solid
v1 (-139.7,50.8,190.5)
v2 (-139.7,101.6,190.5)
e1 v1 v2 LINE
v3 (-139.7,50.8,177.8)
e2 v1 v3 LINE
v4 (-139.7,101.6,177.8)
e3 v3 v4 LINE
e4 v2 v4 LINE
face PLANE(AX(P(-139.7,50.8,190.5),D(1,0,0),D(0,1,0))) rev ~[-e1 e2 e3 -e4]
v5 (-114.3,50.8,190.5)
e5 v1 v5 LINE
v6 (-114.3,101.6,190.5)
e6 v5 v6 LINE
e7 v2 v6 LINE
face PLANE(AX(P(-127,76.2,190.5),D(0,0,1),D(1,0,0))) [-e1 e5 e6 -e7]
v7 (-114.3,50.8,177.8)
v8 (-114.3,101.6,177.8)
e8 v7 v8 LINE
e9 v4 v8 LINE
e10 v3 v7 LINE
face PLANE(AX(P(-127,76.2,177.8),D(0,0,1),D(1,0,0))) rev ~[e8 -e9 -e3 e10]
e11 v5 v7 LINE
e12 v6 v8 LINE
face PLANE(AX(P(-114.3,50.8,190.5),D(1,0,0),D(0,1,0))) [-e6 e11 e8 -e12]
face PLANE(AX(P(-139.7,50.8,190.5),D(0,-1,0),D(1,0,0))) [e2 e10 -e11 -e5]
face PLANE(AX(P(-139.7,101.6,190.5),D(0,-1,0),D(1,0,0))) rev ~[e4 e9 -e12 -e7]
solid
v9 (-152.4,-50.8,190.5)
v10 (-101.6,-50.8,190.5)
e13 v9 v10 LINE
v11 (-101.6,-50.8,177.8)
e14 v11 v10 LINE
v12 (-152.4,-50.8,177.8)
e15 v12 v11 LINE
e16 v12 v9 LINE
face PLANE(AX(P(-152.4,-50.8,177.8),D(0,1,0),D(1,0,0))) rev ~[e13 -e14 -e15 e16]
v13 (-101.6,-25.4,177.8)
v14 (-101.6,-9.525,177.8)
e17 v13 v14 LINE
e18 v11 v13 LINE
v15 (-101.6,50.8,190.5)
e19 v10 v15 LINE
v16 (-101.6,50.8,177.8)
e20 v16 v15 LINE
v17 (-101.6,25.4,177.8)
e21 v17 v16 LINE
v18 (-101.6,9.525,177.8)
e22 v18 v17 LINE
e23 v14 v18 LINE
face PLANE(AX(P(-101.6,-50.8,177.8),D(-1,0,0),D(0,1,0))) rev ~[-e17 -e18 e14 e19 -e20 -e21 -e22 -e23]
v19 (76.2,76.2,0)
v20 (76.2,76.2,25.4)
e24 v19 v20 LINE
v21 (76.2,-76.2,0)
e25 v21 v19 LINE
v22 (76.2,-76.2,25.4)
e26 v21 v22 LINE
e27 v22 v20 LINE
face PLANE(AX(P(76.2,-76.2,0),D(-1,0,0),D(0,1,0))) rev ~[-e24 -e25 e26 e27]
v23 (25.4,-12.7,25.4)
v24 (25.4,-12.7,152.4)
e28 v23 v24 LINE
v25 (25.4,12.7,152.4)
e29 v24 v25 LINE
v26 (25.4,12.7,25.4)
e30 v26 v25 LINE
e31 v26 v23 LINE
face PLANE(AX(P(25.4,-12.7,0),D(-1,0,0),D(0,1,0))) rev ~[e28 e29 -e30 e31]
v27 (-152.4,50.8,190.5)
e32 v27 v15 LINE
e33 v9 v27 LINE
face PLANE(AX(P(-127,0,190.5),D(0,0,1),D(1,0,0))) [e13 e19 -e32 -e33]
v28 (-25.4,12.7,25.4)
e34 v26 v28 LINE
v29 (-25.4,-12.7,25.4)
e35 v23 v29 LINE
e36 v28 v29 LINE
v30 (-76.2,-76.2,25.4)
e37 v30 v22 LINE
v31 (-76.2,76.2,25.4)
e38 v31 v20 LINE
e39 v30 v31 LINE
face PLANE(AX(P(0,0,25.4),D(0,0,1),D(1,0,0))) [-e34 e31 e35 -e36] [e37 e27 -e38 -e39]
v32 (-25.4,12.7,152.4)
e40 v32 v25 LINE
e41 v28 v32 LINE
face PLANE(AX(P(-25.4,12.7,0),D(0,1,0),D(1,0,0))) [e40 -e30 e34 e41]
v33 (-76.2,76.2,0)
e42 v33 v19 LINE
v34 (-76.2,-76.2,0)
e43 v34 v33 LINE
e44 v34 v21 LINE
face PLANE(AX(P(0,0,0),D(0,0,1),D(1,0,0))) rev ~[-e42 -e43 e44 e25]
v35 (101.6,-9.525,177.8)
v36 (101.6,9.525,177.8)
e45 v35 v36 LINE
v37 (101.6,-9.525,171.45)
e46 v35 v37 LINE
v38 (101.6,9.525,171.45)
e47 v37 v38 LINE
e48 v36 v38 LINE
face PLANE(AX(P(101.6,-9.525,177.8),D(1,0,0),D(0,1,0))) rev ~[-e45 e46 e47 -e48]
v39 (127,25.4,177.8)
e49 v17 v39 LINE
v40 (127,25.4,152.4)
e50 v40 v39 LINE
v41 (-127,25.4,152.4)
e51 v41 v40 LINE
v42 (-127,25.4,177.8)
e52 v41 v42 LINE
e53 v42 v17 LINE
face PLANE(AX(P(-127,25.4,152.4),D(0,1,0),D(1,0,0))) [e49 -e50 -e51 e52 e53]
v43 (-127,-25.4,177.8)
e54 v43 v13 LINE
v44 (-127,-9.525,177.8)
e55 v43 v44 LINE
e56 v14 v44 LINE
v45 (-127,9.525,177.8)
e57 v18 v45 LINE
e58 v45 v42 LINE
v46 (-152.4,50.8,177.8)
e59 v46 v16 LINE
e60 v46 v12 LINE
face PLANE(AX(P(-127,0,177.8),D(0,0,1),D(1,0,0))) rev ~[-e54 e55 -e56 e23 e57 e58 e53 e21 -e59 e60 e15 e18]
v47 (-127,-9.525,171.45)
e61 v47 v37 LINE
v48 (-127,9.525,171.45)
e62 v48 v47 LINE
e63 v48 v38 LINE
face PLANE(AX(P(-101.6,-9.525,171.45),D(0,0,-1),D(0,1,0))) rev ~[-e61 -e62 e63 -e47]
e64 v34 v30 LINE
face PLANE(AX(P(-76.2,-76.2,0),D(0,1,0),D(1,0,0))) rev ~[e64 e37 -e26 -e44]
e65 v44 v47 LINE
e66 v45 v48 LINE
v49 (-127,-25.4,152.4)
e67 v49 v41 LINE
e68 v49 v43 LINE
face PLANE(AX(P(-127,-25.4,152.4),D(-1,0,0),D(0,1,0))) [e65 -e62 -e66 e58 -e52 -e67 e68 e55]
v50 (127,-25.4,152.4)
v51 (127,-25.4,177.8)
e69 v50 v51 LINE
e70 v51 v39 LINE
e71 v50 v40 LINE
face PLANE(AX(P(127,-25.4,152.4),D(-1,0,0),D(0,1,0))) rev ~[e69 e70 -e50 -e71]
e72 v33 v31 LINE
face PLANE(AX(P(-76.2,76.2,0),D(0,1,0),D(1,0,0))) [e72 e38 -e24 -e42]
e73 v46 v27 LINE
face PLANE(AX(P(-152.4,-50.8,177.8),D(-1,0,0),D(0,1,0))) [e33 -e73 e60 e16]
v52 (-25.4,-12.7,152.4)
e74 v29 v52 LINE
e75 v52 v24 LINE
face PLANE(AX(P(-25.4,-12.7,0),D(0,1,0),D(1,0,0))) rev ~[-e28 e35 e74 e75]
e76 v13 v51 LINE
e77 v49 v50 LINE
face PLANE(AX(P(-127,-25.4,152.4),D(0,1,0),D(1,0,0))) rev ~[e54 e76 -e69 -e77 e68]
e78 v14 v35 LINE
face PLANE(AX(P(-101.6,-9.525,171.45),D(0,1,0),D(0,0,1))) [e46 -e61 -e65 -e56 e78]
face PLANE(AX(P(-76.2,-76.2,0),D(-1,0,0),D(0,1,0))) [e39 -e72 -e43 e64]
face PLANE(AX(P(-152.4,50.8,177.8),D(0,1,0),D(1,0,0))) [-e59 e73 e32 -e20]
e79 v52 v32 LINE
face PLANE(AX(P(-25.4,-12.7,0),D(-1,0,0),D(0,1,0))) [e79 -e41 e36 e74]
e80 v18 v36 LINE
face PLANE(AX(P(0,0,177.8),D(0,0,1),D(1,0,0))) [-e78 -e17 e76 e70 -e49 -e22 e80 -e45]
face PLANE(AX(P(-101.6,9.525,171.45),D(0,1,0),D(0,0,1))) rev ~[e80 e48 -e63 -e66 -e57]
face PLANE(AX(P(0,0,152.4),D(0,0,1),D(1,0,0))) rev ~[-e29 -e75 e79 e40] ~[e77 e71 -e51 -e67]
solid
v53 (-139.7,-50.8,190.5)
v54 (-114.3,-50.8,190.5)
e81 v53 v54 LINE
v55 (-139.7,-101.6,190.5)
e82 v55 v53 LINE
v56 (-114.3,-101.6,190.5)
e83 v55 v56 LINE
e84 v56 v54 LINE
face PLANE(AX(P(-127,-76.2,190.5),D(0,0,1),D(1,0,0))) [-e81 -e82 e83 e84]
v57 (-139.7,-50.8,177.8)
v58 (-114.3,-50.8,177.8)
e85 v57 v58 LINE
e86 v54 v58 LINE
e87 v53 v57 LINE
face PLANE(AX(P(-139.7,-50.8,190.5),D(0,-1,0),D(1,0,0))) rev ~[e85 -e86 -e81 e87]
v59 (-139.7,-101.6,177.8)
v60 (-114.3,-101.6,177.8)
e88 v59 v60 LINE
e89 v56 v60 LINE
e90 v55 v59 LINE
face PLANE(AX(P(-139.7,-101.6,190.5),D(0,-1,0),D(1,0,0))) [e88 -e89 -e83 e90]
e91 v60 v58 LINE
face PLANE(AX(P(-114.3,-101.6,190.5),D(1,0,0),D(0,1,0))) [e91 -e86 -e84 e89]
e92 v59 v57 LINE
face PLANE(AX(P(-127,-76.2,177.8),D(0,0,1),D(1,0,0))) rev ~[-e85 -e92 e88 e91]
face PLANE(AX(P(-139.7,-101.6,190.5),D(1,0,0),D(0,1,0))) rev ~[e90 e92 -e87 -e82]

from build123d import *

# Parameters (mm, degrees)
F0_W      = 152.4
F0_H      = 152.4
F1_DEPTH  = 25.4
F2_W      = 50.8
F2_H      = 25.4
F3_DEPTH  = 152.4
F4_W      = 254
F4_H      = 50.8
F5_DEPTH  = 25.4
F6_W      = 50.8
F6_H      = 101.6
F7_DEPTH  = 12.7
F8_W      = 203.2
F8_H      = 19.05
F9_DEPTH  = 6.35
F10_W     = 25.4
F10_H     = 50.8
F11_DEPTH = 12.7
F12_W     = 19.05
F12_H     = 6.35
F13_DEPTH = 50.8


with BuildPart() as f1:
    # F0 (on Top) → F1 (new body)
    with BuildSketch(Plane.XY):
        Rectangle(F0_W, F0_H)
    extrude(amount=F1_DEPTH)

    # F2 (on Top) → F3 (join)
    with BuildSketch(Plane.XY):
        Rectangle(F2_W, F2_H)
    extrude(amount=F3_DEPTH)

    # F4 (on face) → F5 (join)
    with BuildSketch(Plane.XY.offset(152.4)):
        Rectangle(F4_W, F4_H)
    extrude(amount=F5_DEPTH)

    # F6 (on face) → F7 (join)
    with BuildSketch(Plane.XY.offset(177.8)):
        with Locations((-127, 0)):
            Rectangle(F6_W, F6_H)
    extrude(amount=F7_DEPTH)

    # F8 (on face) → F9 (cut)
    with BuildSketch(Plane.XY.offset(177.8)):
        Rectangle(F8_W, F8_H)
    extrude(amount=-F9_DEPTH, mode=Mode.SUBTRACT)

    # F12 (on face) → F13 (cut)
    with BuildSketch(Plane.YZ.offset(-101.6)):
        with Locations((0, 174.625)):
            Rectangle(F12_W, F12_H)
    extrude(amount=-F13_DEPTH, mode=Mode.SUBTRACT)


with BuildPart() as f11:
    # F10 (on face) → F11 (new body)
    with BuildSketch(Plane.XY.offset(190.5)):
        with Locations((-127, -76.2)):
            Rectangle(F10_W, F10_H)
        with Locations((-127, 76.2)):
            Rectangle(F10_W, F10_H)
    extrude(amount=-F11_DEPTH)


solid = Compound([f1.part, f11.part])
